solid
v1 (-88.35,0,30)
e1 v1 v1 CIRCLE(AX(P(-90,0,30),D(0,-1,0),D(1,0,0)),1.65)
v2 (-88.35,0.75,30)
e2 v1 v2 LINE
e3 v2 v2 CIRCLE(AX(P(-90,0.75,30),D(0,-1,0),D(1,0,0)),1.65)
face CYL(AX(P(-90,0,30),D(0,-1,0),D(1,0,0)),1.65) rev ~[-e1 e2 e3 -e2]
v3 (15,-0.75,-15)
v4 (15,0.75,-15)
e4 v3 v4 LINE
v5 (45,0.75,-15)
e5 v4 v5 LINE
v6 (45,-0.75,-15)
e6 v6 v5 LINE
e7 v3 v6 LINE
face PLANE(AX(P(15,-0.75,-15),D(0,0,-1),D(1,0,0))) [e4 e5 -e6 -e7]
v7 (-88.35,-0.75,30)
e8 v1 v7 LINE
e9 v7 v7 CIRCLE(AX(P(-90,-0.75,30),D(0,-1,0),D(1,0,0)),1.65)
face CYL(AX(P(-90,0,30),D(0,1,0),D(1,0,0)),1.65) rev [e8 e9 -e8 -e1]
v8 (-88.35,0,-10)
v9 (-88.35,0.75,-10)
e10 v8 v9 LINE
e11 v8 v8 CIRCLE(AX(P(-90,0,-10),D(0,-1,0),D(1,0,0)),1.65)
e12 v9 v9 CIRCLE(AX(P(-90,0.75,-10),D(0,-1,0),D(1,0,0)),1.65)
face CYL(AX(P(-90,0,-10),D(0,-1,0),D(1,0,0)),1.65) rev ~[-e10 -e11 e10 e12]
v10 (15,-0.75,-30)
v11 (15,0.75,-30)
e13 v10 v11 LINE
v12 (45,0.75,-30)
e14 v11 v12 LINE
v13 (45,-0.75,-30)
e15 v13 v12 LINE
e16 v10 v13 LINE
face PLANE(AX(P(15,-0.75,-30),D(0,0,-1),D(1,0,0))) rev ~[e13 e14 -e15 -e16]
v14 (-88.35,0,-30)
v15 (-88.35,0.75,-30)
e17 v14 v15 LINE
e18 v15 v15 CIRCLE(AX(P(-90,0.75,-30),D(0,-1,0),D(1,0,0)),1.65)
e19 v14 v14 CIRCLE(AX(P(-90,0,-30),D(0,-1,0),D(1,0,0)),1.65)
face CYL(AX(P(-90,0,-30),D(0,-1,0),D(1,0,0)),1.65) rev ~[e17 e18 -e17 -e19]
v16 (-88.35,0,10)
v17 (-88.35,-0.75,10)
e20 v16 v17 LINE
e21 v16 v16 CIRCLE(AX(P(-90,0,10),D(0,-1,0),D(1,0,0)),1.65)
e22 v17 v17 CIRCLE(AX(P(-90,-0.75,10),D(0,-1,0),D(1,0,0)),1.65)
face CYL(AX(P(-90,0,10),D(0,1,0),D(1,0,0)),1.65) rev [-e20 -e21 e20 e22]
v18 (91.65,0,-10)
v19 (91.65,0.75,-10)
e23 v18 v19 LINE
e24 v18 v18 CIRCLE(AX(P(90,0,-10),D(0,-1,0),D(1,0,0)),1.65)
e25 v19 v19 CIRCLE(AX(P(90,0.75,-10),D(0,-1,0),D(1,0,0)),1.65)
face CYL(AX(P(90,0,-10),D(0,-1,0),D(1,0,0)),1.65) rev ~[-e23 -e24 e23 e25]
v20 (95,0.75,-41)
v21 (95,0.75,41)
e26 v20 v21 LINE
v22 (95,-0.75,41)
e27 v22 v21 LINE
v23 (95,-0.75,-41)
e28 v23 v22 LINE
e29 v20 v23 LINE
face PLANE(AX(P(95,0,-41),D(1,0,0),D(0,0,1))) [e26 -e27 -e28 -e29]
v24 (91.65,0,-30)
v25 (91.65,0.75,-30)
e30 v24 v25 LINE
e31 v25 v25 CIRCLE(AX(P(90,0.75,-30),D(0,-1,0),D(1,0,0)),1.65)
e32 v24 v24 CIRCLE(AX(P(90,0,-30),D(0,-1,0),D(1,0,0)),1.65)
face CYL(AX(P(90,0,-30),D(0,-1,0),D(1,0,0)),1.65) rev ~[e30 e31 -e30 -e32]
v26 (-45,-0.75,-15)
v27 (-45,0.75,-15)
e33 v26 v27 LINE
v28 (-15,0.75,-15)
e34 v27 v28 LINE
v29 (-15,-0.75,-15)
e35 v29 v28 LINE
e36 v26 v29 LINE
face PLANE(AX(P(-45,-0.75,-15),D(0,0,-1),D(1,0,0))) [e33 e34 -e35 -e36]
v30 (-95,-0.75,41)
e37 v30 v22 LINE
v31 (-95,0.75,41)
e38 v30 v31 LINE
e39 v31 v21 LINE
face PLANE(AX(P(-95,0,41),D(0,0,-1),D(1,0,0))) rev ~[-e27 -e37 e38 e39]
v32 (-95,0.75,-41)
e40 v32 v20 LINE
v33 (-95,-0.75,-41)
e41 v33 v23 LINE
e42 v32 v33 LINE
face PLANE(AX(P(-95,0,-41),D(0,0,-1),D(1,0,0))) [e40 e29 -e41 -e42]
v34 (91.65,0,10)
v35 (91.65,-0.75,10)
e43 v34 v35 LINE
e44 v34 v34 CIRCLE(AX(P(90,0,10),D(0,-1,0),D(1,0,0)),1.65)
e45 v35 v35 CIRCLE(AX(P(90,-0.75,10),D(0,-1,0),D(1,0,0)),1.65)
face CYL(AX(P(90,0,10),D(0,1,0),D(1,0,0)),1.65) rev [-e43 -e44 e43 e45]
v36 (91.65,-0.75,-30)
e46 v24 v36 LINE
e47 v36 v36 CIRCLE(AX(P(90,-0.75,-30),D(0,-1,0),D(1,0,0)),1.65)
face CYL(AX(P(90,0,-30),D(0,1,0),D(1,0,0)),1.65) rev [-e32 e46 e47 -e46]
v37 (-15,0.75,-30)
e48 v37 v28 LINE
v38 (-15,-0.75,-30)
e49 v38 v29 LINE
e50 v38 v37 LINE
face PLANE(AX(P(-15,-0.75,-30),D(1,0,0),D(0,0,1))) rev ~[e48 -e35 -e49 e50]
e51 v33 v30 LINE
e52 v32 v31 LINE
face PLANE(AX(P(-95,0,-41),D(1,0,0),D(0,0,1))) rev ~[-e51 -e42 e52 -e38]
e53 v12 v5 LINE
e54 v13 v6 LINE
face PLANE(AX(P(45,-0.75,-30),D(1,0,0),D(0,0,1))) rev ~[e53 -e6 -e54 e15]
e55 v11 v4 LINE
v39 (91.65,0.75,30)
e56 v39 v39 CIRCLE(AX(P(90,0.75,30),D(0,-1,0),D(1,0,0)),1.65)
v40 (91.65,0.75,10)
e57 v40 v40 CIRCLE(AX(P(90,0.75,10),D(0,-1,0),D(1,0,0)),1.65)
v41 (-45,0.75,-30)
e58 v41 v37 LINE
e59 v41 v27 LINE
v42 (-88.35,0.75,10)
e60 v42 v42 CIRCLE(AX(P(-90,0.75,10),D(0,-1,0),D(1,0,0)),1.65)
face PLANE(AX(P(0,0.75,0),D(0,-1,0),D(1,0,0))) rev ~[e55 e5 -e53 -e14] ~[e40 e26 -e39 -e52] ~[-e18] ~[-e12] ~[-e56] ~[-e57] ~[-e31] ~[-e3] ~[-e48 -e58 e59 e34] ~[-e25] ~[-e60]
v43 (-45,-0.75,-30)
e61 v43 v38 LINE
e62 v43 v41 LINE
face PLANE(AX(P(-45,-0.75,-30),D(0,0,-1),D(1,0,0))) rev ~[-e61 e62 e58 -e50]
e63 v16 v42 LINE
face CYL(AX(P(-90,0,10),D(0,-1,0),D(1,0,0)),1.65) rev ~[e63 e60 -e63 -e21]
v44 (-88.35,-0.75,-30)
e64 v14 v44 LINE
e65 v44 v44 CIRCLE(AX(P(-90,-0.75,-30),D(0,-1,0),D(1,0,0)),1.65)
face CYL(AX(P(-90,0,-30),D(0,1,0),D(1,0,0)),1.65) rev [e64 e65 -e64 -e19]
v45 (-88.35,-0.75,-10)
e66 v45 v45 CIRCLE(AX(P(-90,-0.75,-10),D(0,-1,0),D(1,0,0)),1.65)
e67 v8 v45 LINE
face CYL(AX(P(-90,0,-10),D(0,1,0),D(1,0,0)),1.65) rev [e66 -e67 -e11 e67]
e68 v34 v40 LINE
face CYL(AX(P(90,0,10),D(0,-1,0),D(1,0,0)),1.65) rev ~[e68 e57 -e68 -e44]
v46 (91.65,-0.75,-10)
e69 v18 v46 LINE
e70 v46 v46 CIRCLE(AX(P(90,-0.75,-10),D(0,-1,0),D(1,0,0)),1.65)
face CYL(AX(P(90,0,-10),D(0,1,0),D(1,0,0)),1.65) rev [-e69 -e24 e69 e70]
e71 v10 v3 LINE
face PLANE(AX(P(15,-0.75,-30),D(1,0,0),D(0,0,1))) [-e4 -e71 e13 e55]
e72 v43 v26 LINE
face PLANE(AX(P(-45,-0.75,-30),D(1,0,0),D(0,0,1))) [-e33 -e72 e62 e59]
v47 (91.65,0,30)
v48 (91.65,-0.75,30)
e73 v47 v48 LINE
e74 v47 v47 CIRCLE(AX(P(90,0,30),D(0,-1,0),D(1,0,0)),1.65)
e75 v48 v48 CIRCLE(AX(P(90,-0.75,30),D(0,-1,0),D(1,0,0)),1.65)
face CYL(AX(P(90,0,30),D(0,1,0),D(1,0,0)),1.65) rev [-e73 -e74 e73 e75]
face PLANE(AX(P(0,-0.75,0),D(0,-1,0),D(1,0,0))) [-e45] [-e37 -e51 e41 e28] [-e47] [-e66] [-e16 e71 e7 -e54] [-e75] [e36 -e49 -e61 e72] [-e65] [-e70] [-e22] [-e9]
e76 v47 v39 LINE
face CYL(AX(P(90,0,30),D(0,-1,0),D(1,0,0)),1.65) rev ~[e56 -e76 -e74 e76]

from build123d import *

# Parameters (mm, degrees)
SKETCH_W       = 190
SKETCH_H       = 82
SKETCH_R       = 1.65
PAD_DEPTH      = 0.75
PAD_DEPTH_BACK = 0.75
SKETCH001_W    = 30
SKETCH001_H    = 15
POCKET_DEPTH   = 5


with BuildPart() as part:
    # Sketch → Pad (new body, two sides)
    with BuildSketch(Plane.XZ) as pad_sk:
        Rectangle(SKETCH_W, SKETCH_H)
        with Locations((90, 30)):
            Circle(SKETCH_R, mode=Mode.SUBTRACT)
        with Locations((90, 10)):
            Circle(SKETCH_R, mode=Mode.SUBTRACT)
        with Locations((90, -30)):
            Circle(SKETCH_R, mode=Mode.SUBTRACT)
        with Locations((90, -10)):
            Circle(SKETCH_R, mode=Mode.SUBTRACT)
        with Locations((-90, 30)):
            Circle(SKETCH_R, mode=Mode.SUBTRACT)
        with Locations((-90, 10)):
            Circle(SKETCH_R, mode=Mode.SUBTRACT)
        with Locations((-90, -30)):
            Circle(SKETCH_R, mode=Mode.SUBTRACT)
        with Locations((-90, -10)):
            Circle(SKETCH_R, mode=Mode.SUBTRACT)
    extrude(amount=PAD_DEPTH)
    extrude(pad_sk.sketch, amount=-PAD_DEPTH_BACK)

    # Sketch001 (on Face14 of Pad) → Pocket (cut)
    with BuildSketch(Plane.XZ.offset(0.75)):
        with Locations((-30, -22.5)):
            Rectangle(SKETCH001_W, SKETCH001_H)
        with Locations((30, -22.5)):
            Rectangle(SKETCH001_W, SKETCH001_H)
    extrude(amount=-POCKET_DEPTH, mode=Mode.SUBTRACT)


solid = part.part
